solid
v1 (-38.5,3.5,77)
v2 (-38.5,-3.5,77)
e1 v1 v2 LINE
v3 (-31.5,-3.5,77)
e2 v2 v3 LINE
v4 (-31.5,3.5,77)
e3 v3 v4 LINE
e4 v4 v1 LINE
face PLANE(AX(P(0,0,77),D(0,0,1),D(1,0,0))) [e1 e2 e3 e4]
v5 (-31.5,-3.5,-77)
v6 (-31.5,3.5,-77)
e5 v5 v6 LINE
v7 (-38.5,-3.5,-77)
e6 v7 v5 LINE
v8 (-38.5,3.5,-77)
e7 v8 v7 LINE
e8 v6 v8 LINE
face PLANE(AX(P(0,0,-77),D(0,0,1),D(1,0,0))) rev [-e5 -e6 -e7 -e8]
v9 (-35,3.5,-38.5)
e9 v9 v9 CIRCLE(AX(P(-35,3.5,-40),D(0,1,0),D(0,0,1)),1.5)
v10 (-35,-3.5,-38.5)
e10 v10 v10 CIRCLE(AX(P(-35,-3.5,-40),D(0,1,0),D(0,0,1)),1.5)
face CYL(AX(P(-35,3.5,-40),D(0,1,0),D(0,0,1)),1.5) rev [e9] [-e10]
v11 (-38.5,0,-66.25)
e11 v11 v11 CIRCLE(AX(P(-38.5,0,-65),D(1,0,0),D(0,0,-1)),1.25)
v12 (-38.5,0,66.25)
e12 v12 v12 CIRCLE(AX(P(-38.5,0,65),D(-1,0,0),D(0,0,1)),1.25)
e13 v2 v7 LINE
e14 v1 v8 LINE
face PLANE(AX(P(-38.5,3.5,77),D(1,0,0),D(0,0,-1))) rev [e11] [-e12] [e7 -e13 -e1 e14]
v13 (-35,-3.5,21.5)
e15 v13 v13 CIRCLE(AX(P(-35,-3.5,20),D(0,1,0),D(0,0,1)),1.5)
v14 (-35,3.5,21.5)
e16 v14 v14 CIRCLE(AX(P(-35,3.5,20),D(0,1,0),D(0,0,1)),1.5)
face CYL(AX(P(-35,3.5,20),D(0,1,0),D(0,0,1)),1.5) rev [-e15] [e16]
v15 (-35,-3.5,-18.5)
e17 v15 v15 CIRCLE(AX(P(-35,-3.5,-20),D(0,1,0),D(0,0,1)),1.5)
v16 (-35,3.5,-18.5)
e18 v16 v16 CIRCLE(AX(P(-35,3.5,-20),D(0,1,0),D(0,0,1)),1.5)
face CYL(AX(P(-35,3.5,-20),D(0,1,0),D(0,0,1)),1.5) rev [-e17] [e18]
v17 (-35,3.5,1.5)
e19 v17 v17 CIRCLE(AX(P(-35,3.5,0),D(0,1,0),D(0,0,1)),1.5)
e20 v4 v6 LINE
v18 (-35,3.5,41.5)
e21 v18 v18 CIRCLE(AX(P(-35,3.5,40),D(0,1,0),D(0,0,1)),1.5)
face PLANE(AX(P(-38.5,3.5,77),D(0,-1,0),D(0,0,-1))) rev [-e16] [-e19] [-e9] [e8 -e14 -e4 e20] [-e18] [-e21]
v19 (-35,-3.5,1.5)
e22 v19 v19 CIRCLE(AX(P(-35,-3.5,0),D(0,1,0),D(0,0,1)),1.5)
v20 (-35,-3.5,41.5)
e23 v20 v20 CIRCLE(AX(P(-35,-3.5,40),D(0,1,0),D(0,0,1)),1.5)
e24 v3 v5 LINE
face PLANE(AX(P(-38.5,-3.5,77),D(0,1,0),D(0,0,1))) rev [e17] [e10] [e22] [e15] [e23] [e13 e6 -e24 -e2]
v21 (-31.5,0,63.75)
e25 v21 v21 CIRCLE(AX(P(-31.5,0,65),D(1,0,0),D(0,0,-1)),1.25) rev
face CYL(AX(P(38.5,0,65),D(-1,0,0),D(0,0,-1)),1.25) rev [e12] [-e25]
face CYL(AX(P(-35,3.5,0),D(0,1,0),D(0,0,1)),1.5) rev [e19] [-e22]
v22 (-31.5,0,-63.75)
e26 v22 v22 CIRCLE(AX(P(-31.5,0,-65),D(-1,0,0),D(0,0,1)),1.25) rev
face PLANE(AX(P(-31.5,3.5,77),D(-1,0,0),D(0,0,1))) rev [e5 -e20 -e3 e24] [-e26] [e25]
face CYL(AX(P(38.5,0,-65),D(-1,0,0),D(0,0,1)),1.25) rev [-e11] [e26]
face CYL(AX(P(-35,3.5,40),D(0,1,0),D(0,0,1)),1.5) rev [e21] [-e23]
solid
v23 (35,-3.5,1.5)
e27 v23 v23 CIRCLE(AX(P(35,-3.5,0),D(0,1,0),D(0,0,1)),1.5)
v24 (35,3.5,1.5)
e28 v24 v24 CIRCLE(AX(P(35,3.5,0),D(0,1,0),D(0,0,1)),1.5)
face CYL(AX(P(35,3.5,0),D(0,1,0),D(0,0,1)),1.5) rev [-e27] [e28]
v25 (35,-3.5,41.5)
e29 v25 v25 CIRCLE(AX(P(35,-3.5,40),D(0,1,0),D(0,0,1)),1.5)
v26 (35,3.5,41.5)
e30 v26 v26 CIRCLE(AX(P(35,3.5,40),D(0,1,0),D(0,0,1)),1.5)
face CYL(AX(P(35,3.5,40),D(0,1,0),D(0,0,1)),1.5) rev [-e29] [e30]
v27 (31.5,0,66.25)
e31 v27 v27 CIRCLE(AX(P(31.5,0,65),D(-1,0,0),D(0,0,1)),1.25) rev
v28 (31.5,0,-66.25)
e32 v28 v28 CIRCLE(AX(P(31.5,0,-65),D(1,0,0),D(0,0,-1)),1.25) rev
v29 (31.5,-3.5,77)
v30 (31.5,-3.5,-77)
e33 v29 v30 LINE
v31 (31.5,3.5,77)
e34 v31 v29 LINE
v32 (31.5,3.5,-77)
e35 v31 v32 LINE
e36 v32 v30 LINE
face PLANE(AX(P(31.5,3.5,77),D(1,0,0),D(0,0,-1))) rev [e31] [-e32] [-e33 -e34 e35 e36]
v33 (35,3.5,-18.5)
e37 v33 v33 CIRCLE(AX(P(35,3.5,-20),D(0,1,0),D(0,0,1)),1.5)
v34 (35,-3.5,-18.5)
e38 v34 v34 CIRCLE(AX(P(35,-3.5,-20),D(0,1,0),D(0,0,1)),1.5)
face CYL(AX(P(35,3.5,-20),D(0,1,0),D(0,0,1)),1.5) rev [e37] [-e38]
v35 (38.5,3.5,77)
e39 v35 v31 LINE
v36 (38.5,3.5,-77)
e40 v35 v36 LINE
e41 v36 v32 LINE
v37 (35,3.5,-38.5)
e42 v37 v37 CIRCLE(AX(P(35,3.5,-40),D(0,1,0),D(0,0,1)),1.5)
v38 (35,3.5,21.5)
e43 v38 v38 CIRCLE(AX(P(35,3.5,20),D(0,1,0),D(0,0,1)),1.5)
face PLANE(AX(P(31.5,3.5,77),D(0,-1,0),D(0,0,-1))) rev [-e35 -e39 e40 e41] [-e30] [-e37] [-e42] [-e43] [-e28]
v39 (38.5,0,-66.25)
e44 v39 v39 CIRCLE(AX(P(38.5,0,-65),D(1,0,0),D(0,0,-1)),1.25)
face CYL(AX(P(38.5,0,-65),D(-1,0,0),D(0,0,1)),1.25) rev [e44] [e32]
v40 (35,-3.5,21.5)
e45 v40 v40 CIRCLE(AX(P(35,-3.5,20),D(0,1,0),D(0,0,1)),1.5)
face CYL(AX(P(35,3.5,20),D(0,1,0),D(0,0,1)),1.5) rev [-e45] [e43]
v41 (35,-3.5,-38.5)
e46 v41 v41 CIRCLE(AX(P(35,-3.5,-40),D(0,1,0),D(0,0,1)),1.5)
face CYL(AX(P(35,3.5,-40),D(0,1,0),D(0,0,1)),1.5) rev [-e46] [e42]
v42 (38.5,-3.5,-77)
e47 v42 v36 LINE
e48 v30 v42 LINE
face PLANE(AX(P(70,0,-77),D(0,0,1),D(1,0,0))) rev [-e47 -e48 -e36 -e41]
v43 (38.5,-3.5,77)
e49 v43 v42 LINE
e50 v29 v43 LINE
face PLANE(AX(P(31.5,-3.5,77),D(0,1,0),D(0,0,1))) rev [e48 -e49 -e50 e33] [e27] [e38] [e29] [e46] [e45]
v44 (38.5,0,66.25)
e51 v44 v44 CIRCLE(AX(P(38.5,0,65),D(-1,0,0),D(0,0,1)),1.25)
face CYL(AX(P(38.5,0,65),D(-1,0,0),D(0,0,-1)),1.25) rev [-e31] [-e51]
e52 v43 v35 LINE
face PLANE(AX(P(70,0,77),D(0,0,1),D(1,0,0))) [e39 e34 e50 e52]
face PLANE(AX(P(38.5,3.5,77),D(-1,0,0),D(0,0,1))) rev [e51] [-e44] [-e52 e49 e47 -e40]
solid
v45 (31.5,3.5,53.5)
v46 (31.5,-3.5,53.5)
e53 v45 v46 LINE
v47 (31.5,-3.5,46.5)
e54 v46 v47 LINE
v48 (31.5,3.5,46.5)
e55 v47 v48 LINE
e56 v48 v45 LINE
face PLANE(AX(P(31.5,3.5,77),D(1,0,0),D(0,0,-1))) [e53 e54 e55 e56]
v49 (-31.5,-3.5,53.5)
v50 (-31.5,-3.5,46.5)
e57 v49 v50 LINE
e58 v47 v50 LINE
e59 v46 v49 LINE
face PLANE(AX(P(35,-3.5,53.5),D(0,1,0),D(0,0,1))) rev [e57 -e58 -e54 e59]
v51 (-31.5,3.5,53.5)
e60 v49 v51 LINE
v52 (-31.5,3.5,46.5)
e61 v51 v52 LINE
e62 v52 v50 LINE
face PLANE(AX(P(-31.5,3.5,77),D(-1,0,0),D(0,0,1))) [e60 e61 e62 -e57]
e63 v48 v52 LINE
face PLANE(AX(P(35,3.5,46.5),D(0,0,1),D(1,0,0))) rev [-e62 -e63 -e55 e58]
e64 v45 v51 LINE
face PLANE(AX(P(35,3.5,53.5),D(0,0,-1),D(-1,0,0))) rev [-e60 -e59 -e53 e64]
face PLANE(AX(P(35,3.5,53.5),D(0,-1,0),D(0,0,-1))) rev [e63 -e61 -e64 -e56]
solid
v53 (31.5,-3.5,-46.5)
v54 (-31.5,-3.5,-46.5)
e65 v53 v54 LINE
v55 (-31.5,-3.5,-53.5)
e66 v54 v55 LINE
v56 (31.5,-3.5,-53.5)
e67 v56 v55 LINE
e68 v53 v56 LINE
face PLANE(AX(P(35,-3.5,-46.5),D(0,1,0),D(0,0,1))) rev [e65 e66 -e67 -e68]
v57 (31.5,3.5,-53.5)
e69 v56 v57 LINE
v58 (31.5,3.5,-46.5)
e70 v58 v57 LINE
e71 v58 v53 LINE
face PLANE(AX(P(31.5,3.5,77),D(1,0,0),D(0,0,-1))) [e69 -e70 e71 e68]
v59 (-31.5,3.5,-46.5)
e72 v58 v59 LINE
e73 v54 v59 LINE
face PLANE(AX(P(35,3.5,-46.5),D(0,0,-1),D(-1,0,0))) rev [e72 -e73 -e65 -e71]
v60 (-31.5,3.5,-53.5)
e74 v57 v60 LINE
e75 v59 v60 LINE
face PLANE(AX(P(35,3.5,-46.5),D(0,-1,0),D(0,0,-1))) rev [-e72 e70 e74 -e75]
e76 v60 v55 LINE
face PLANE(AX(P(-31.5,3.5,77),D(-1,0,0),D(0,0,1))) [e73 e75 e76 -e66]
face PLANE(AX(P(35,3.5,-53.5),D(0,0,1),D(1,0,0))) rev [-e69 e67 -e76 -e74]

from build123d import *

# Parameters (mm, degrees)
SKETCH_14_W                   = 7
SKETCH_14_H                   = 7
BAR_7X7_1_DEPTH               = 154
SKETCH_14_ON_SEGMENT_2_W      = 7
SKETCH_14_ON_SEGMENT_2_H      = 7
BAR_7X7_1_2_DEPTH             = 154
SKETCH_14_ON_SEGMENT_3_W      = 7
SKETCH_14_ON_SEGMENT_3_H      = 7
BAR_7X7_1_3_DEPTH             = 72
SKETCH_14_ON_SEGMENT_4_W      = 7
SKETCH_14_ON_SEGMENT_4_H      = 7
BAR_7X7_1_4_DEPTH             = 72
SKETCH_12_R                   = 1.25
CUT_EXTRUDE_1_DEPTH           = 128.848543206
SKETCH_16_W                   = 1.5
SKETCH_16_H                   = 7
MM_TRANSITIONAL_1_AT_2_COUNT  = 2
MM_TRANSITIONAL_1_AT_2_PITCH  = 20
MM_TRANSITIONAL_1_AT_3_COUNT  = 2
MM_TRANSITIONAL_1_AT_3_PITCH  = 40
MM_TRANSITIONAL_1_AT_4_COUNT  = 2
MM_TRANSITIONAL_1_AT_4_PITCH  = 40
MM_TRANSITIONAL_1_AT_5_COUNT  = 2
MM_TRANSITIONAL_1_AT_5_PITCH  = 20
MM_TRANSITIONAL_1_AT_6_COUNT  = 2
MM_TRANSITIONAL_1_AT_6_PITCH  = 72.801098893
MM_TRANSITIONAL_1_AT_7_COUNT  = 2
MM_TRANSITIONAL_1_AT_7_PITCH  = 80.622577483
MM_TRANSITIONAL_1_AT_8_COUNT  = 2
MM_TRANSITIONAL_1_AT_8_PITCH  = 80.622577483
MM_TRANSITIONAL_1_AT_9_COUNT  = 2
MM_TRANSITIONAL_1_AT_9_PITCH  = 72.801098893
MM_TRANSITIONAL_1_AT_10_COUNT = 2
MM_TRANSITIONAL_1_AT_10_PITCH = 70


with BuildPart() as part:
    # 草图14 → Bar 7X7(1) (new body)
    with BuildSketch(Plane(origin=(-35, 0, -77), x_dir=(1, 0, 0), z_dir=(0, 0, 1))):
        Rectangle(SKETCH_14_W, SKETCH_14_H)
    extrude(amount=BAR_7X7_1_DEPTH)


with BuildPart() as body_2:
    # 草图14 on segment 2 (carried to segment 2) → Bar 7X7_1 2 (new body)
    with BuildSketch(Plane(origin=(35, 0, -77), x_dir=(1, 0, 0), z_dir=(0, 0, 1))):
        Rectangle(SKETCH_14_ON_SEGMENT_2_W, SKETCH_14_ON_SEGMENT_2_H)
    extrude(amount=BAR_7X7_1_2_DEPTH)


with BuildPart() as body_3:
    # 草图14 on segment 3 (carried to segment 3) → Bar 7X7_1 3 (new body)
    with BuildSketch(Plane(origin=(-36, 0, -50), x_dir=(0, 0, -1), z_dir=(1, 0, 0))):
        Rectangle(SKETCH_14_ON_SEGMENT_3_W, SKETCH_14_ON_SEGMENT_3_H)
    extrude(amount=BAR_7X7_1_3_DEPTH)

    # Bar 7X7_1 3 end butt 1
    split(bisect_by=Plane(origin=(-31.5, 0, -50), x_dir=(0, 1, 0), z_dir=(1, 0, 0)), keep=Keep.TOP)

    # Bar 7X7_1 3 end butt 2
    split(bisect_by=Plane(origin=(31.5, 0, -50), x_dir=(0, -1, 0), z_dir=(-1, 0, 0)), keep=Keep.TOP)


with BuildPart() as body_4:
    # 草图14 on segment 4 (carried to segment 4) → Bar 7X7_1 4 (new body)
    with BuildSketch(Plane(origin=(-36, 0, 50), x_dir=(0, 0, -1), z_dir=(1, 0, 0))):
        Rectangle(SKETCH_14_ON_SEGMENT_4_W, SKETCH_14_ON_SEGMENT_4_H)
    extrude(amount=BAR_7X7_1_4_DEPTH)

    # Bar 7X7_1 4 end butt 1
    split(bisect_by=Plane(origin=(-31.5, 0, 50), x_dir=(0, 1, 0), z_dir=(1, 0, 0)), keep=Keep.TOP)

    # Bar 7X7_1 4 end butt 2
    split(bisect_by=Plane(origin=(31.5, 0, 50), x_dir=(0, -1, 0), z_dir=(-1, 0, 0)), keep=Keep.TOP)


with BuildPart() as cut_extrude_1_tool:
    # 草图12 → 切除-拉伸1 (new, through all)
    with BuildSketch(Plane(origin=(-38.5, 0, 25), x_dir=(0, 0, -1), z_dir=(1, 0, 0))):
        with Locations((90, 0)):
            Circle(SKETCH_12_R)
    cut_extrude_1 = extrude(amount=CUT_EXTRUDE_1_DEPTH)


with BuildPart() as part_1:
    add(part.part)

    # 切除-拉伸1: cut by cut_extrude_1_tool
    add(cut_extrude_1_tool.part, mode=Mode.SUBTRACT)


with BuildPart() as body_2_1:
    add(body_2.part)

    # 切除-拉伸1: cut by cut_extrude_1_tool
    add(cut_extrude_1_tool.part, mode=Mode.SUBTRACT)


with BuildPart() as mirror_1_tool:
    # 镜向1: 切除-拉伸1 across plane
    add(cut_extrude_1.mirror(Plane.XY))


with BuildPart() as part_2:
    add(part_1.part)

    # 镜向1: cut by mirror_1_tool
    add(mirror_1_tool.part, mode=Mode.SUBTRACT)

    # 草图16 → 大小mm Transitional 暗销孔1 (revolve, cut)
    with BuildSketch(Plane(origin=(-35, 3.5, 0), x_dir=(0, 0, 1), z_dir=(1, 0, 0))):
        with Locations((0.75, 3.5)):
            Rectangle(SKETCH_16_W, SKETCH_16_H)
    mm_transitional_1 = revolve(axis=Axis((-35, 9.85, 0), (0, -1, 0)), mode=Mode.SUBTRACT)

    # 大小mm Transitional 暗销孔1 at 2: 大小mm Transitional 暗销孔1 ×2
    with Locations(*[(0, 0, -i * MM_TRANSITIONAL_1_AT_2_PITCH) for i in range(1, MM_TRANSITIONAL_1_AT_2_COUNT)]):
        add(mm_transitional_1, mode=Mode.SUBTRACT)

    # 大小mm Transitional 暗销孔1 at 3: 大小mm Transitional 暗销孔1 ×2
    with Locations(*[(0, 0, -i * MM_TRANSITIONAL_1_AT_3_PITCH) for i in range(1, MM_TRANSITIONAL_1_AT_3_COUNT)]):
        add(mm_transitional_1, mode=Mode.SUBTRACT)

    # 大小mm Transitional 暗销孔1 at 4: 大小mm Transitional 暗销孔1 ×2
    with Locations(*[(0, 0, i * MM_TRANSITIONAL_1_AT_4_PITCH) for i in range(1, MM_TRANSITIONAL_1_AT_4_COUNT)]):
        add(mm_transitional_1, mode=Mode.SUBTRACT)

    # 大小mm Transitional 暗销孔1 at 5: 大小mm Transitional 暗销孔1 ×2
    with Locations(*[(0, 0, i * MM_TRANSITIONAL_1_AT_5_PITCH) for i in range(1, MM_TRANSITIONAL_1_AT_5_COUNT)]):
        add(mm_transitional_1, mode=Mode.SUBTRACT)


with BuildPart() as body_2_2:
    add(body_2_1.part)

    # 镜向1: cut by mirror_1_tool
    add(mirror_1_tool.part, mode=Mode.SUBTRACT)

    # 大小mm Transitional 暗销孔1 at 6: 大小mm Transitional 暗销孔1 ×2
    with Locations(*[Vector(0.9615239476407995, 0, 0.27472112789746117) * (i * MM_TRANSITIONAL_1_AT_6_PITCH) for i in range(1, MM_TRANSITIONAL_1_AT_6_COUNT)]):
        add(mm_transitional_1, mode=Mode.SUBTRACT)

    # 大小mm Transitional 暗销孔1 at 7: 大小mm Transitional 暗销孔1 ×2
    with Locations(*[Vector(0.8682431421243894, 0, 0.4961389383569561) * (i * MM_TRANSITIONAL_1_AT_7_PITCH) for i in range(1, MM_TRANSITIONAL_1_AT_7_COUNT)]):
        add(mm_transitional_1, mode=Mode.SUBTRACT)

    # 大小mm Transitional 暗销孔1 at 8: 大小mm Transitional 暗销孔1 ×2
    with Locations(*[Vector(0.8682431421243892, 0, -0.49613893835695644) * (i * MM_TRANSITIONAL_1_AT_8_PITCH) for i in range(1, MM_TRANSITIONAL_1_AT_8_COUNT)]):
        add(mm_transitional_1, mode=Mode.SUBTRACT)

    # 大小mm Transitional 暗销孔1 at 9: 大小mm Transitional 暗销孔1 ×2
    with Locations(*[Vector(0.9615239476407993, 0, -0.27472112789746156) * (i * MM_TRANSITIONAL_1_AT_9_PITCH) for i in range(1, MM_TRANSITIONAL_1_AT_9_COUNT)]):
        add(mm_transitional_1, mode=Mode.SUBTRACT)

    # 大小mm Transitional 暗销孔1 at 10: 大小mm Transitional 暗销孔1 ×2
    with Locations(*[(i * MM_TRANSITIONAL_1_AT_10_PITCH, 0, 0) for i in range(1, MM_TRANSITIONAL_1_AT_10_COUNT)]):
        add(mm_transitional_1, mode=Mode.SUBTRACT)


solid = Compound([body_3.part, body_4.part, part_2.part, body_2_2.part])
